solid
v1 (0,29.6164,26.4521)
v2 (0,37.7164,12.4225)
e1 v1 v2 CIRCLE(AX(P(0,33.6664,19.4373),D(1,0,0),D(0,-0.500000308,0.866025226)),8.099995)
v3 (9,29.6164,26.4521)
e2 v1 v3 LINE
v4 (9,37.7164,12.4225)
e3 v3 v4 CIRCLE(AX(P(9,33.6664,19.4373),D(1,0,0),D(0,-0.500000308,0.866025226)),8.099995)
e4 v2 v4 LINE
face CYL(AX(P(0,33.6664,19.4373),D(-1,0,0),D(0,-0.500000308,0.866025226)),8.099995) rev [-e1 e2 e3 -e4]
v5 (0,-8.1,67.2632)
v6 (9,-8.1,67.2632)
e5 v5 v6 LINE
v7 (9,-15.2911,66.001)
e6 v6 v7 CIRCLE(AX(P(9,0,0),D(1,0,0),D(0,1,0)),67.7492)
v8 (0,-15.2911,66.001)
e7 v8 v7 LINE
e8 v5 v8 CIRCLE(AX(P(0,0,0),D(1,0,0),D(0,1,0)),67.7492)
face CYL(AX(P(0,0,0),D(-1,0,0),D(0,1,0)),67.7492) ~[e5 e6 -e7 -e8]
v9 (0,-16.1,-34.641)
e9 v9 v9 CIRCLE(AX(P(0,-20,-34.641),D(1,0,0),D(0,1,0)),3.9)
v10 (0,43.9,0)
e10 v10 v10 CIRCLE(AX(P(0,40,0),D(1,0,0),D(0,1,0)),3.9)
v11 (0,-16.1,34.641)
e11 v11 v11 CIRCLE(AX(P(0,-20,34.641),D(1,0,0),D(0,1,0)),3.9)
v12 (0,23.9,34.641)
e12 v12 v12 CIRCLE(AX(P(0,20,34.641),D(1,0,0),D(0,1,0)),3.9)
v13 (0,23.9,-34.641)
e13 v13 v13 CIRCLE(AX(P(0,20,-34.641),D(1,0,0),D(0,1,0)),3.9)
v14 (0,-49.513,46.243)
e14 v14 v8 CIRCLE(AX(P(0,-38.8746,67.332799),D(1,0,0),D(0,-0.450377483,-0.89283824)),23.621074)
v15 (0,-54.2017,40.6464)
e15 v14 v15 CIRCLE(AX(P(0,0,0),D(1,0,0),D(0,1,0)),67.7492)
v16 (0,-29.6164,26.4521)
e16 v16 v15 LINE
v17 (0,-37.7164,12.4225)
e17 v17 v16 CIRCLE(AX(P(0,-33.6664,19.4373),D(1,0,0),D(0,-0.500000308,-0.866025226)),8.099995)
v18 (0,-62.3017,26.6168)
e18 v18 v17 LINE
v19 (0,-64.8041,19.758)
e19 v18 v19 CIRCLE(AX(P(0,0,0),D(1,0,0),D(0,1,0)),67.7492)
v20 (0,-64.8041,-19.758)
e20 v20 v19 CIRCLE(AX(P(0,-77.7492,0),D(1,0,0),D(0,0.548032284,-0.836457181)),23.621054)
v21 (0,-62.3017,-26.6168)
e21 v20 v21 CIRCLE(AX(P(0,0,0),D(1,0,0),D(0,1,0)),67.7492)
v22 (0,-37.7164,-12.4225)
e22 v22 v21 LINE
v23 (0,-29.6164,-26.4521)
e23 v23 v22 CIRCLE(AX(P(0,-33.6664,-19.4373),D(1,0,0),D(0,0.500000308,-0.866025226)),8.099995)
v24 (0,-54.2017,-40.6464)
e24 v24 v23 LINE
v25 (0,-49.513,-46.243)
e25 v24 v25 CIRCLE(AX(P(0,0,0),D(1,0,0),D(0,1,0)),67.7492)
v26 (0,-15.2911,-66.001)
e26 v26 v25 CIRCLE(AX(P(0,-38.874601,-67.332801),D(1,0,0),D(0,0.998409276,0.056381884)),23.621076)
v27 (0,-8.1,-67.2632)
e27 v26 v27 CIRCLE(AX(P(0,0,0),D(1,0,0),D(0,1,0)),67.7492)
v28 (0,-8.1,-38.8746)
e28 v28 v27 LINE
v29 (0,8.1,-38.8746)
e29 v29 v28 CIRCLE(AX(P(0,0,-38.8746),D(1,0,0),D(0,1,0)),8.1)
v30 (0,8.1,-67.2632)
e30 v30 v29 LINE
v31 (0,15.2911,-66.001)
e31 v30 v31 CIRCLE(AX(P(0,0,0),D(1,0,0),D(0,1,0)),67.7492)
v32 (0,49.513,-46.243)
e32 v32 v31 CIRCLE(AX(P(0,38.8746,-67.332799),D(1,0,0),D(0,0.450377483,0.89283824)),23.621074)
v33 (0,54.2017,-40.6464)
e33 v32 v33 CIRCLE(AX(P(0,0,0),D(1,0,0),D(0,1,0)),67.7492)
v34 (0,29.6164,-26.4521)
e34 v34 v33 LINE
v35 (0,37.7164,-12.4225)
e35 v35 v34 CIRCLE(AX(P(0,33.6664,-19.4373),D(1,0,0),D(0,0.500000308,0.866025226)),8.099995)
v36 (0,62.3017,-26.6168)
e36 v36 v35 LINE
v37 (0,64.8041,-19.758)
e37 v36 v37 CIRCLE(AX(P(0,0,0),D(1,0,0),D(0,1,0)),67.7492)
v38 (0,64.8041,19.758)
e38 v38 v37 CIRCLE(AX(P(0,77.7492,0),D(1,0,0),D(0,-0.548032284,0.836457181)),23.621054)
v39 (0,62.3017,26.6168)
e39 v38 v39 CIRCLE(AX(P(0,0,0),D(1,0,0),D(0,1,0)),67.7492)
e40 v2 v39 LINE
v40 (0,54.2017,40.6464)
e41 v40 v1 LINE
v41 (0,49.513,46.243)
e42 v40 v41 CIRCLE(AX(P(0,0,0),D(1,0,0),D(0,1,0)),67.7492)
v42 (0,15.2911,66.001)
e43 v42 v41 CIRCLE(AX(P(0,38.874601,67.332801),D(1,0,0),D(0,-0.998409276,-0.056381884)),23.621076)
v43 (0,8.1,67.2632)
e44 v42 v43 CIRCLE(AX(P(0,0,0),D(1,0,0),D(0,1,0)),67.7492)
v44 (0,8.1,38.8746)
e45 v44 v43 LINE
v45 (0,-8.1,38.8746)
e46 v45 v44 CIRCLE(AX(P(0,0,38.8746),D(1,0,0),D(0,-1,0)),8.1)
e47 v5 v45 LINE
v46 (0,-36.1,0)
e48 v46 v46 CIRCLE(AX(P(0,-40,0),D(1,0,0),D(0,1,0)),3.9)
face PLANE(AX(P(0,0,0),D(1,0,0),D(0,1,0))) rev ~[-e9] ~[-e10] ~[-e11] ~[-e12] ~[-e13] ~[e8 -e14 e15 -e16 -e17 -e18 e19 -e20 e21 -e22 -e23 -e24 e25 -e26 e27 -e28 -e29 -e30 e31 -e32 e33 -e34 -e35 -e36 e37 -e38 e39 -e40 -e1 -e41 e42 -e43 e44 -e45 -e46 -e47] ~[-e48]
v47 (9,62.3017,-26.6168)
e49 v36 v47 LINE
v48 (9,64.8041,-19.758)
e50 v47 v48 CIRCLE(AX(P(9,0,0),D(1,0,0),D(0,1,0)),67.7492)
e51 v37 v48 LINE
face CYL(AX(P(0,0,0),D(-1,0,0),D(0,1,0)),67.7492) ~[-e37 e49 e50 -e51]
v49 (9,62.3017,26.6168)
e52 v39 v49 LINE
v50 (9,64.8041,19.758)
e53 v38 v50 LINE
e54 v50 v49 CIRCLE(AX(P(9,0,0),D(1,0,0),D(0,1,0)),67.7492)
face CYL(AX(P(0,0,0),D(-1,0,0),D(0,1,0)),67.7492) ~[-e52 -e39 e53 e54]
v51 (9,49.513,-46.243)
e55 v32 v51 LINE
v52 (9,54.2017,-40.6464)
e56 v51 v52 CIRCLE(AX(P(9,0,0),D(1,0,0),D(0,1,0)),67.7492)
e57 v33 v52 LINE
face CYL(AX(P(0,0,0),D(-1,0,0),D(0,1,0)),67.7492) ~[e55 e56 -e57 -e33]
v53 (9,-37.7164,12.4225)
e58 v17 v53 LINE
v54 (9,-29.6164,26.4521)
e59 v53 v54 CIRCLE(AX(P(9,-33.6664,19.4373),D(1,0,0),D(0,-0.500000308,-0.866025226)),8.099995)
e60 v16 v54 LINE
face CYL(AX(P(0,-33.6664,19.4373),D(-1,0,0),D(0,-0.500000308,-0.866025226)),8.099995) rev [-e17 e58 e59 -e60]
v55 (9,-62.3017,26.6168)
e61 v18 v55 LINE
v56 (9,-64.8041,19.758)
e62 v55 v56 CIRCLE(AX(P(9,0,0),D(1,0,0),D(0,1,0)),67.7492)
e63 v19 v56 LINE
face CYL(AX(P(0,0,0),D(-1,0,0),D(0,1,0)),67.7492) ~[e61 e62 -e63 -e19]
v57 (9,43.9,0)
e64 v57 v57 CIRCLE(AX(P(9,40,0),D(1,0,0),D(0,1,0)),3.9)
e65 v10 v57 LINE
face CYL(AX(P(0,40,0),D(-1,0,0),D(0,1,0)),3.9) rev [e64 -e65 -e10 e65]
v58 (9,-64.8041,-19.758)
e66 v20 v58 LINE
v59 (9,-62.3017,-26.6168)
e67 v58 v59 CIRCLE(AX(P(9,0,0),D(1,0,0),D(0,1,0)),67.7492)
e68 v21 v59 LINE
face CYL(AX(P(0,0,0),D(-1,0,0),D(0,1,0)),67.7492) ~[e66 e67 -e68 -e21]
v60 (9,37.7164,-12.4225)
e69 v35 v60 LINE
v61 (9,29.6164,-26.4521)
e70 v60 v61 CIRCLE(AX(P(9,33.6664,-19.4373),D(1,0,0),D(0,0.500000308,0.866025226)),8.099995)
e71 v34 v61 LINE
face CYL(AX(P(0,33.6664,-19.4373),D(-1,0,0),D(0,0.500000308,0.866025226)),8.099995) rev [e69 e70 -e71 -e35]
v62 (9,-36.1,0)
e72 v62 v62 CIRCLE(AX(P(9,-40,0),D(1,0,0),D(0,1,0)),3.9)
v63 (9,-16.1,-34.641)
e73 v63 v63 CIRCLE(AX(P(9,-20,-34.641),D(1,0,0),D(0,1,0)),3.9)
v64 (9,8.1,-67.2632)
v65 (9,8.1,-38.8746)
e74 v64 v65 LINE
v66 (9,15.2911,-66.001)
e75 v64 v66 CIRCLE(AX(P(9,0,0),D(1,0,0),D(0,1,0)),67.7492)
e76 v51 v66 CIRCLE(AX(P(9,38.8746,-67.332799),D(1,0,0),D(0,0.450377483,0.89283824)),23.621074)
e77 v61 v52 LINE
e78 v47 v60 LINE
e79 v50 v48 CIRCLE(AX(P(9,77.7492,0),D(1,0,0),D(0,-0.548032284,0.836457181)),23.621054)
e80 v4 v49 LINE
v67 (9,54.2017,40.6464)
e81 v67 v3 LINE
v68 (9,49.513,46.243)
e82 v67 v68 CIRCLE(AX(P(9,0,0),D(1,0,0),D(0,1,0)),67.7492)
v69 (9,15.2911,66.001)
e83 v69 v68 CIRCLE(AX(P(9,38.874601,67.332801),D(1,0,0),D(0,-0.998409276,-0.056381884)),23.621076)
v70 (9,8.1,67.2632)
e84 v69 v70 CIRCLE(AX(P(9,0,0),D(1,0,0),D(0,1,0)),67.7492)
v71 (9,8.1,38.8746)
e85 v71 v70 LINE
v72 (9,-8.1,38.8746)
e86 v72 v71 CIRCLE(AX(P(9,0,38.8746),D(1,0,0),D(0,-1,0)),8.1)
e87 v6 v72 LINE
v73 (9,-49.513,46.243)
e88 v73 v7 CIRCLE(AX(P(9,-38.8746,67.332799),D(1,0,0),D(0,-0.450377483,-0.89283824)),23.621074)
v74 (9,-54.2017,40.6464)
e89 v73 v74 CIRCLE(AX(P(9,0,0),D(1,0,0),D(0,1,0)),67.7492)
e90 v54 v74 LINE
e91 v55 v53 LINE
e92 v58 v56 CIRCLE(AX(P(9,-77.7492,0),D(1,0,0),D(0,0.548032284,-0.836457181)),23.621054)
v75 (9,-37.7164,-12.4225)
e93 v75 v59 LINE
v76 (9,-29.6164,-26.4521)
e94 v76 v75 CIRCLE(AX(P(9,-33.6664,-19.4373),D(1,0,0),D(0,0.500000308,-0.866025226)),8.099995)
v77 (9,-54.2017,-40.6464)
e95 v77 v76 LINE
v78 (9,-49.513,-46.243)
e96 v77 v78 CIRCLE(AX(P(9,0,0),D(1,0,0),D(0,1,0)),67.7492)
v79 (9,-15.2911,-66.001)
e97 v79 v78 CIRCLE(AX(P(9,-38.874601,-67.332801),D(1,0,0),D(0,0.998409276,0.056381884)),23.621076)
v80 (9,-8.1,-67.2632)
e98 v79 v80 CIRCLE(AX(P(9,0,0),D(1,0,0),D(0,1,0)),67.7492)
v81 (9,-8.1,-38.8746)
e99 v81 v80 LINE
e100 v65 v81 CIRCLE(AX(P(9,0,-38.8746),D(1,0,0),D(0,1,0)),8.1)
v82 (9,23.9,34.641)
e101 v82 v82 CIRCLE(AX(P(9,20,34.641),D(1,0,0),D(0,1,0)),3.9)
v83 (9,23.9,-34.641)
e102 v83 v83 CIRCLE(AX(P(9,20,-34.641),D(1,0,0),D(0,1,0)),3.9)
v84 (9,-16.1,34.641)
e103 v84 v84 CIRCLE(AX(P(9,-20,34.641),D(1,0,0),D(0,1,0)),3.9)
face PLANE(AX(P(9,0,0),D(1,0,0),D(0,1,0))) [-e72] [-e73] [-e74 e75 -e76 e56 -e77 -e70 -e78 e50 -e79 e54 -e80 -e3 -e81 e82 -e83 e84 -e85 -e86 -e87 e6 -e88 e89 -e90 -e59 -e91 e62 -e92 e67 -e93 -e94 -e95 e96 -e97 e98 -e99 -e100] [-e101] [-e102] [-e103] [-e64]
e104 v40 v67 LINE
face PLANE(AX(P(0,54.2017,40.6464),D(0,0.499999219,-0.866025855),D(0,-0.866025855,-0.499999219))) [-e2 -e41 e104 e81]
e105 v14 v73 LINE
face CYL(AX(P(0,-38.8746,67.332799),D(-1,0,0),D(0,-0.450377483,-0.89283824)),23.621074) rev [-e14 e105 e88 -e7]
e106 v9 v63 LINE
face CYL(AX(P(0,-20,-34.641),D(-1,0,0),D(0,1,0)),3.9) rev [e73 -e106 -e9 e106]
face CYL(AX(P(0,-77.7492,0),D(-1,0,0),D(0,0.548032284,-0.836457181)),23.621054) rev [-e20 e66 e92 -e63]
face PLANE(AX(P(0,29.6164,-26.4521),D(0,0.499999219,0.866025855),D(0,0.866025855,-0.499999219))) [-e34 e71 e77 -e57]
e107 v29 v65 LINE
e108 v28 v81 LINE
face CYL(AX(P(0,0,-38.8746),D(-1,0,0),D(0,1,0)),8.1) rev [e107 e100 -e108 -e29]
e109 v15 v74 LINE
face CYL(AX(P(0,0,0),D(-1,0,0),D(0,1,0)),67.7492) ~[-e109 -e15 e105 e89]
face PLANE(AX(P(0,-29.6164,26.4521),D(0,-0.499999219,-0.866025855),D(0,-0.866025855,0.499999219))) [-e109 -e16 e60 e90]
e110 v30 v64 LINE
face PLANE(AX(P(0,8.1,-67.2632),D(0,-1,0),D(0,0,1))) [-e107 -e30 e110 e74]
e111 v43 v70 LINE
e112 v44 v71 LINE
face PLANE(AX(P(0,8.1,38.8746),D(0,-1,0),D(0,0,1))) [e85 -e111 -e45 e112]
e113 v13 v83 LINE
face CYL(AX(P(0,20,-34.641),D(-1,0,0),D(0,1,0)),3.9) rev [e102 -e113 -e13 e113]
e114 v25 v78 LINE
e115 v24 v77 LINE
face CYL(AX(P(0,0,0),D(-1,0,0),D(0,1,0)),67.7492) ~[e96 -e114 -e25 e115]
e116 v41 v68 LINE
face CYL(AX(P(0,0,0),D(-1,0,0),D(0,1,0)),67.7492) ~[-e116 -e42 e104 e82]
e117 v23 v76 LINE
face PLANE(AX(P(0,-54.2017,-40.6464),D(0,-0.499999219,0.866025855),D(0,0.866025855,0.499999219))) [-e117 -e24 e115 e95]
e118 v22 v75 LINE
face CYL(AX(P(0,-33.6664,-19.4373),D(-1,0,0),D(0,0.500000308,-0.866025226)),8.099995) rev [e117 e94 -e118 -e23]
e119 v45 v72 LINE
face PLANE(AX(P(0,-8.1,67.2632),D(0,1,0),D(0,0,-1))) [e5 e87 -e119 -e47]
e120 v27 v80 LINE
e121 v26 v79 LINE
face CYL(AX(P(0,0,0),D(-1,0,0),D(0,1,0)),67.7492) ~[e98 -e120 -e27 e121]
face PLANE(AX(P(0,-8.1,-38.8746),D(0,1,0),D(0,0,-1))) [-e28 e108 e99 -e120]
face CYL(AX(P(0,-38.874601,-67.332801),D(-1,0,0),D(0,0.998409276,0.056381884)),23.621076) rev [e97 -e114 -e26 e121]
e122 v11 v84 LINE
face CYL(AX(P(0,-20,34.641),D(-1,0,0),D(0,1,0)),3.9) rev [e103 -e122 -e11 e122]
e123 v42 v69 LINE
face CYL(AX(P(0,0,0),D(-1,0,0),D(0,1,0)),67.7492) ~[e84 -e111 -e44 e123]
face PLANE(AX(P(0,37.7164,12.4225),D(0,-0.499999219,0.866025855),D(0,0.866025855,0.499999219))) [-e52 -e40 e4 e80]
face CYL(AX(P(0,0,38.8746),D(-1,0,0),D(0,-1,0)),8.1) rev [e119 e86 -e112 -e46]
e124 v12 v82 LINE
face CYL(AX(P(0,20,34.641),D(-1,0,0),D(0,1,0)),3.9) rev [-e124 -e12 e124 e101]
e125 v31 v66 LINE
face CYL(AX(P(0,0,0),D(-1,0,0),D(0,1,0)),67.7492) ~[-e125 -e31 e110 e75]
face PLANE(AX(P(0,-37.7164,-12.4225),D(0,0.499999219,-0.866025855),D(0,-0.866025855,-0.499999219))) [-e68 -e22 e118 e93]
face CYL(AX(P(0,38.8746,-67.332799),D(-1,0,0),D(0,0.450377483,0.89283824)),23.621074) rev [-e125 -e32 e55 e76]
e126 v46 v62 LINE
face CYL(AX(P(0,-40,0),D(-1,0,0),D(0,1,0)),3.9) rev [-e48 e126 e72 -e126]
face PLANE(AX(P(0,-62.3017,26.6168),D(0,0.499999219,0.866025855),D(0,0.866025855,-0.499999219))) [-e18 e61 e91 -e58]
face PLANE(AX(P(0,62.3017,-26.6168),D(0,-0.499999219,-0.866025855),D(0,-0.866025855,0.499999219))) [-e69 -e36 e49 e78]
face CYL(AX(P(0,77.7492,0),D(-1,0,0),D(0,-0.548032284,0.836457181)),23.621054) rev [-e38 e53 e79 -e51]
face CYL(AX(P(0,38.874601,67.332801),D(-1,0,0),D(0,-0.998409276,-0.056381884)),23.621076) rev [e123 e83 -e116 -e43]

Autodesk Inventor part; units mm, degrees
ref_plane "YZ Plane" through (0, 0, 0) normal (1, 0, 0) x (0, 1, 0)
ref_plane "XZ Plane" through (0, 0, 0) normal (0, 1, 0) x (-1, 0, 0)
ref_plane "XY Plane" through (0, 0, 0) normal (0, 0, 1) x (1, 0, 0)
sketch "Sketch1" plane through (0, 0, 0) normal (1, 0, 0) x (0, 1, 0)
  circle A0 centre (0, 0) radius 100 construction
  circle A1 centre (0, 0) radius 72.5 construction
  circle A2 centre (0, 0) radius 110 construction
  circle A3 centre (0, 0) radius 67.7492
  line L0 (7.5, -38.8746) -> (7.5, -67.3328) construction
  line L1 (-7.5, -38.8746) -> (-7.5, -67.3328) construction
  arc A4 (7.5, -38.8746) -> (-7.5, -38.8746) centre (0, -38.8746) ccw construction
  line L2 (0, 0) -> (0, -136.3111) construction
  line L3 (8.1, -67.2632) -> (8.1, -38.8746)
  arc A5 (8.1, -38.8746) -> (-8.1, -38.8746) centre (0, -38.8746) ccw
  line L4 (-8.1, -38.8746) -> (-8.1, -67.2632)
  line L5 (62.3017, -26.6168) -> (37.7164, -12.4225)
  arc A6 (37.7164, -12.4225) -> (29.6164, -26.4521) centre (33.6664, -19.4373) ccw
  line L6 (29.6164, -26.4521) -> (54.2017, -40.6464)
  line L7 (54.2017, 40.6464) -> (29.6164, 26.4521)
  arc A7 (29.6164, 26.4521) -> (37.7164, 12.4225) centre (33.6664, 19.4373) ccw
  line L8 (37.7164, 12.4225) -> (62.3017, 26.6168)
  line L9 (-8.1, 67.2632) -> (-8.1, 38.8746)
  arc A8 (-8.1, 38.8746) -> (8.1, 38.8746) centre (0, 38.8746) ccw
  line L10 (8.1, 38.8746) -> (8.1, 67.2632)
  line L11 (-62.3017, 26.6168) -> (-37.7164, 12.4225)
  arc A9 (-37.7164, 12.4225) -> (-29.6164, 26.4521) centre (-33.6664, 19.4373) ccw
  line L12 (-29.6164, 26.4521) -> (-54.2017, 40.6464)
  line L13 (-54.2017, -40.6464) -> (-29.6164, -26.4521)
  arc A10 (-29.6164, -26.4521) -> (-37.7164, -12.4225) centre (-33.6664, -19.4373) ccw
  line L14 (-37.7164, -12.4225) -> (-62.3017, -26.6168)
  line L15 (37.4164, -12.9421) -> (62.0619, -27.1712) construction
  arc A11 (37.4164, -12.9421) -> (29.9164, -25.9325) centre (33.6664, -19.4373) ccw construction
  line L16 (29.9164, -25.9325) -> (54.5619, -40.1616) construction
  circle A12 centre (38.8746, -67.3328) radius 46.3746 construction
  circle A13 centre (38.8746, -67.3328) radius 31.3746 construction
  circle A14 centre (0, 0) radius 31.3746 construction
  arc A15 (49.513, -46.243) -> (15.2911, -66.001) centre (38.8746, -67.3328) ccw
  arc A16 (64.8041, 19.758) -> (64.8041, -19.758) centre (77.7492, 0) ccw
  arc A17 (15.2911, 66.001) -> (49.513, 46.243) centre (38.8746, 67.3328) ccw
  arc A18 (-49.513, 46.243) -> (-15.2911, 66.001) centre (-38.8746, 67.3328) ccw
  arc A19 (-64.8041, -19.758) -> (-64.8041, 19.758) centre (-77.7492, 0) ccw
  arc A20 (-15.2911, -66.001) -> (-49.513, -46.243) centre (-38.8746, -67.3328) ccw
  line L17 (0, 0) -> (144.5472, 0) construction
  circle A21 centre (40, 0) radius 3.9
  circle A22 centre (20, 34.641) radius 3.9
  circle A23 centre (-20, 34.641) radius 3.9
  circle A24 centre (-40, 0) radius 3.9
  circle A25 centre (-20, -34.641) radius 3.9
  circle A26 centre (20, -34.641) radius 3.9
  line L18 (38.8746, -67.3328) -> (33.8746, -58.6725)
  point P0 (-62.3017, 26.6168)
  point P1 (-64.8041, 19.758)
  point P2 (-64.8041, -19.758)
  point P3 (-62.3017, -26.6168)
  point P4 (-49.513, -46.243)
  point P5 (62.3017, -26.6168)
  point P6 (64.8041, -19.758)
  point P7 (64.8041, 19.758)
  point P8 (62.3017, 26.6168)
  point P9 (54.2017, 40.6464)
  point P10 (49.513, 46.243)
  point P11 (15.2911, 66.001)
  point P12 (-15.2911, 66.001)
  point P13 (-49.513, 46.243)
  point P14 (-54.2017, 40.6464)
  dimension "d0" = 200
  dimension "d1" = 145
  dimension "d2" = 220
  dimension "d3" = 7.5
  dimension "d4" = 0.6
  dimension "d7" = 360
  dimension "d11" = 60
  dimension "d13" = 15
  dimension "d18" = 360
  dimension "d22" = 7.8
  dimension "d23" = 40
  dimension "d26" = 360
  dimension "d29" = 10
extrude "Extrusion1" add sketch "Sketch1" along normal blind 9 contours A16 A3 L5 A6 L6 A15 L3 A5 L4 A20 L13 A10 L14 A19 L11 A9 L12 A18 L9 A8 L10 A17 L7 A7 L8
properties part number "GenevaGear" material "Plywood, Finish"
